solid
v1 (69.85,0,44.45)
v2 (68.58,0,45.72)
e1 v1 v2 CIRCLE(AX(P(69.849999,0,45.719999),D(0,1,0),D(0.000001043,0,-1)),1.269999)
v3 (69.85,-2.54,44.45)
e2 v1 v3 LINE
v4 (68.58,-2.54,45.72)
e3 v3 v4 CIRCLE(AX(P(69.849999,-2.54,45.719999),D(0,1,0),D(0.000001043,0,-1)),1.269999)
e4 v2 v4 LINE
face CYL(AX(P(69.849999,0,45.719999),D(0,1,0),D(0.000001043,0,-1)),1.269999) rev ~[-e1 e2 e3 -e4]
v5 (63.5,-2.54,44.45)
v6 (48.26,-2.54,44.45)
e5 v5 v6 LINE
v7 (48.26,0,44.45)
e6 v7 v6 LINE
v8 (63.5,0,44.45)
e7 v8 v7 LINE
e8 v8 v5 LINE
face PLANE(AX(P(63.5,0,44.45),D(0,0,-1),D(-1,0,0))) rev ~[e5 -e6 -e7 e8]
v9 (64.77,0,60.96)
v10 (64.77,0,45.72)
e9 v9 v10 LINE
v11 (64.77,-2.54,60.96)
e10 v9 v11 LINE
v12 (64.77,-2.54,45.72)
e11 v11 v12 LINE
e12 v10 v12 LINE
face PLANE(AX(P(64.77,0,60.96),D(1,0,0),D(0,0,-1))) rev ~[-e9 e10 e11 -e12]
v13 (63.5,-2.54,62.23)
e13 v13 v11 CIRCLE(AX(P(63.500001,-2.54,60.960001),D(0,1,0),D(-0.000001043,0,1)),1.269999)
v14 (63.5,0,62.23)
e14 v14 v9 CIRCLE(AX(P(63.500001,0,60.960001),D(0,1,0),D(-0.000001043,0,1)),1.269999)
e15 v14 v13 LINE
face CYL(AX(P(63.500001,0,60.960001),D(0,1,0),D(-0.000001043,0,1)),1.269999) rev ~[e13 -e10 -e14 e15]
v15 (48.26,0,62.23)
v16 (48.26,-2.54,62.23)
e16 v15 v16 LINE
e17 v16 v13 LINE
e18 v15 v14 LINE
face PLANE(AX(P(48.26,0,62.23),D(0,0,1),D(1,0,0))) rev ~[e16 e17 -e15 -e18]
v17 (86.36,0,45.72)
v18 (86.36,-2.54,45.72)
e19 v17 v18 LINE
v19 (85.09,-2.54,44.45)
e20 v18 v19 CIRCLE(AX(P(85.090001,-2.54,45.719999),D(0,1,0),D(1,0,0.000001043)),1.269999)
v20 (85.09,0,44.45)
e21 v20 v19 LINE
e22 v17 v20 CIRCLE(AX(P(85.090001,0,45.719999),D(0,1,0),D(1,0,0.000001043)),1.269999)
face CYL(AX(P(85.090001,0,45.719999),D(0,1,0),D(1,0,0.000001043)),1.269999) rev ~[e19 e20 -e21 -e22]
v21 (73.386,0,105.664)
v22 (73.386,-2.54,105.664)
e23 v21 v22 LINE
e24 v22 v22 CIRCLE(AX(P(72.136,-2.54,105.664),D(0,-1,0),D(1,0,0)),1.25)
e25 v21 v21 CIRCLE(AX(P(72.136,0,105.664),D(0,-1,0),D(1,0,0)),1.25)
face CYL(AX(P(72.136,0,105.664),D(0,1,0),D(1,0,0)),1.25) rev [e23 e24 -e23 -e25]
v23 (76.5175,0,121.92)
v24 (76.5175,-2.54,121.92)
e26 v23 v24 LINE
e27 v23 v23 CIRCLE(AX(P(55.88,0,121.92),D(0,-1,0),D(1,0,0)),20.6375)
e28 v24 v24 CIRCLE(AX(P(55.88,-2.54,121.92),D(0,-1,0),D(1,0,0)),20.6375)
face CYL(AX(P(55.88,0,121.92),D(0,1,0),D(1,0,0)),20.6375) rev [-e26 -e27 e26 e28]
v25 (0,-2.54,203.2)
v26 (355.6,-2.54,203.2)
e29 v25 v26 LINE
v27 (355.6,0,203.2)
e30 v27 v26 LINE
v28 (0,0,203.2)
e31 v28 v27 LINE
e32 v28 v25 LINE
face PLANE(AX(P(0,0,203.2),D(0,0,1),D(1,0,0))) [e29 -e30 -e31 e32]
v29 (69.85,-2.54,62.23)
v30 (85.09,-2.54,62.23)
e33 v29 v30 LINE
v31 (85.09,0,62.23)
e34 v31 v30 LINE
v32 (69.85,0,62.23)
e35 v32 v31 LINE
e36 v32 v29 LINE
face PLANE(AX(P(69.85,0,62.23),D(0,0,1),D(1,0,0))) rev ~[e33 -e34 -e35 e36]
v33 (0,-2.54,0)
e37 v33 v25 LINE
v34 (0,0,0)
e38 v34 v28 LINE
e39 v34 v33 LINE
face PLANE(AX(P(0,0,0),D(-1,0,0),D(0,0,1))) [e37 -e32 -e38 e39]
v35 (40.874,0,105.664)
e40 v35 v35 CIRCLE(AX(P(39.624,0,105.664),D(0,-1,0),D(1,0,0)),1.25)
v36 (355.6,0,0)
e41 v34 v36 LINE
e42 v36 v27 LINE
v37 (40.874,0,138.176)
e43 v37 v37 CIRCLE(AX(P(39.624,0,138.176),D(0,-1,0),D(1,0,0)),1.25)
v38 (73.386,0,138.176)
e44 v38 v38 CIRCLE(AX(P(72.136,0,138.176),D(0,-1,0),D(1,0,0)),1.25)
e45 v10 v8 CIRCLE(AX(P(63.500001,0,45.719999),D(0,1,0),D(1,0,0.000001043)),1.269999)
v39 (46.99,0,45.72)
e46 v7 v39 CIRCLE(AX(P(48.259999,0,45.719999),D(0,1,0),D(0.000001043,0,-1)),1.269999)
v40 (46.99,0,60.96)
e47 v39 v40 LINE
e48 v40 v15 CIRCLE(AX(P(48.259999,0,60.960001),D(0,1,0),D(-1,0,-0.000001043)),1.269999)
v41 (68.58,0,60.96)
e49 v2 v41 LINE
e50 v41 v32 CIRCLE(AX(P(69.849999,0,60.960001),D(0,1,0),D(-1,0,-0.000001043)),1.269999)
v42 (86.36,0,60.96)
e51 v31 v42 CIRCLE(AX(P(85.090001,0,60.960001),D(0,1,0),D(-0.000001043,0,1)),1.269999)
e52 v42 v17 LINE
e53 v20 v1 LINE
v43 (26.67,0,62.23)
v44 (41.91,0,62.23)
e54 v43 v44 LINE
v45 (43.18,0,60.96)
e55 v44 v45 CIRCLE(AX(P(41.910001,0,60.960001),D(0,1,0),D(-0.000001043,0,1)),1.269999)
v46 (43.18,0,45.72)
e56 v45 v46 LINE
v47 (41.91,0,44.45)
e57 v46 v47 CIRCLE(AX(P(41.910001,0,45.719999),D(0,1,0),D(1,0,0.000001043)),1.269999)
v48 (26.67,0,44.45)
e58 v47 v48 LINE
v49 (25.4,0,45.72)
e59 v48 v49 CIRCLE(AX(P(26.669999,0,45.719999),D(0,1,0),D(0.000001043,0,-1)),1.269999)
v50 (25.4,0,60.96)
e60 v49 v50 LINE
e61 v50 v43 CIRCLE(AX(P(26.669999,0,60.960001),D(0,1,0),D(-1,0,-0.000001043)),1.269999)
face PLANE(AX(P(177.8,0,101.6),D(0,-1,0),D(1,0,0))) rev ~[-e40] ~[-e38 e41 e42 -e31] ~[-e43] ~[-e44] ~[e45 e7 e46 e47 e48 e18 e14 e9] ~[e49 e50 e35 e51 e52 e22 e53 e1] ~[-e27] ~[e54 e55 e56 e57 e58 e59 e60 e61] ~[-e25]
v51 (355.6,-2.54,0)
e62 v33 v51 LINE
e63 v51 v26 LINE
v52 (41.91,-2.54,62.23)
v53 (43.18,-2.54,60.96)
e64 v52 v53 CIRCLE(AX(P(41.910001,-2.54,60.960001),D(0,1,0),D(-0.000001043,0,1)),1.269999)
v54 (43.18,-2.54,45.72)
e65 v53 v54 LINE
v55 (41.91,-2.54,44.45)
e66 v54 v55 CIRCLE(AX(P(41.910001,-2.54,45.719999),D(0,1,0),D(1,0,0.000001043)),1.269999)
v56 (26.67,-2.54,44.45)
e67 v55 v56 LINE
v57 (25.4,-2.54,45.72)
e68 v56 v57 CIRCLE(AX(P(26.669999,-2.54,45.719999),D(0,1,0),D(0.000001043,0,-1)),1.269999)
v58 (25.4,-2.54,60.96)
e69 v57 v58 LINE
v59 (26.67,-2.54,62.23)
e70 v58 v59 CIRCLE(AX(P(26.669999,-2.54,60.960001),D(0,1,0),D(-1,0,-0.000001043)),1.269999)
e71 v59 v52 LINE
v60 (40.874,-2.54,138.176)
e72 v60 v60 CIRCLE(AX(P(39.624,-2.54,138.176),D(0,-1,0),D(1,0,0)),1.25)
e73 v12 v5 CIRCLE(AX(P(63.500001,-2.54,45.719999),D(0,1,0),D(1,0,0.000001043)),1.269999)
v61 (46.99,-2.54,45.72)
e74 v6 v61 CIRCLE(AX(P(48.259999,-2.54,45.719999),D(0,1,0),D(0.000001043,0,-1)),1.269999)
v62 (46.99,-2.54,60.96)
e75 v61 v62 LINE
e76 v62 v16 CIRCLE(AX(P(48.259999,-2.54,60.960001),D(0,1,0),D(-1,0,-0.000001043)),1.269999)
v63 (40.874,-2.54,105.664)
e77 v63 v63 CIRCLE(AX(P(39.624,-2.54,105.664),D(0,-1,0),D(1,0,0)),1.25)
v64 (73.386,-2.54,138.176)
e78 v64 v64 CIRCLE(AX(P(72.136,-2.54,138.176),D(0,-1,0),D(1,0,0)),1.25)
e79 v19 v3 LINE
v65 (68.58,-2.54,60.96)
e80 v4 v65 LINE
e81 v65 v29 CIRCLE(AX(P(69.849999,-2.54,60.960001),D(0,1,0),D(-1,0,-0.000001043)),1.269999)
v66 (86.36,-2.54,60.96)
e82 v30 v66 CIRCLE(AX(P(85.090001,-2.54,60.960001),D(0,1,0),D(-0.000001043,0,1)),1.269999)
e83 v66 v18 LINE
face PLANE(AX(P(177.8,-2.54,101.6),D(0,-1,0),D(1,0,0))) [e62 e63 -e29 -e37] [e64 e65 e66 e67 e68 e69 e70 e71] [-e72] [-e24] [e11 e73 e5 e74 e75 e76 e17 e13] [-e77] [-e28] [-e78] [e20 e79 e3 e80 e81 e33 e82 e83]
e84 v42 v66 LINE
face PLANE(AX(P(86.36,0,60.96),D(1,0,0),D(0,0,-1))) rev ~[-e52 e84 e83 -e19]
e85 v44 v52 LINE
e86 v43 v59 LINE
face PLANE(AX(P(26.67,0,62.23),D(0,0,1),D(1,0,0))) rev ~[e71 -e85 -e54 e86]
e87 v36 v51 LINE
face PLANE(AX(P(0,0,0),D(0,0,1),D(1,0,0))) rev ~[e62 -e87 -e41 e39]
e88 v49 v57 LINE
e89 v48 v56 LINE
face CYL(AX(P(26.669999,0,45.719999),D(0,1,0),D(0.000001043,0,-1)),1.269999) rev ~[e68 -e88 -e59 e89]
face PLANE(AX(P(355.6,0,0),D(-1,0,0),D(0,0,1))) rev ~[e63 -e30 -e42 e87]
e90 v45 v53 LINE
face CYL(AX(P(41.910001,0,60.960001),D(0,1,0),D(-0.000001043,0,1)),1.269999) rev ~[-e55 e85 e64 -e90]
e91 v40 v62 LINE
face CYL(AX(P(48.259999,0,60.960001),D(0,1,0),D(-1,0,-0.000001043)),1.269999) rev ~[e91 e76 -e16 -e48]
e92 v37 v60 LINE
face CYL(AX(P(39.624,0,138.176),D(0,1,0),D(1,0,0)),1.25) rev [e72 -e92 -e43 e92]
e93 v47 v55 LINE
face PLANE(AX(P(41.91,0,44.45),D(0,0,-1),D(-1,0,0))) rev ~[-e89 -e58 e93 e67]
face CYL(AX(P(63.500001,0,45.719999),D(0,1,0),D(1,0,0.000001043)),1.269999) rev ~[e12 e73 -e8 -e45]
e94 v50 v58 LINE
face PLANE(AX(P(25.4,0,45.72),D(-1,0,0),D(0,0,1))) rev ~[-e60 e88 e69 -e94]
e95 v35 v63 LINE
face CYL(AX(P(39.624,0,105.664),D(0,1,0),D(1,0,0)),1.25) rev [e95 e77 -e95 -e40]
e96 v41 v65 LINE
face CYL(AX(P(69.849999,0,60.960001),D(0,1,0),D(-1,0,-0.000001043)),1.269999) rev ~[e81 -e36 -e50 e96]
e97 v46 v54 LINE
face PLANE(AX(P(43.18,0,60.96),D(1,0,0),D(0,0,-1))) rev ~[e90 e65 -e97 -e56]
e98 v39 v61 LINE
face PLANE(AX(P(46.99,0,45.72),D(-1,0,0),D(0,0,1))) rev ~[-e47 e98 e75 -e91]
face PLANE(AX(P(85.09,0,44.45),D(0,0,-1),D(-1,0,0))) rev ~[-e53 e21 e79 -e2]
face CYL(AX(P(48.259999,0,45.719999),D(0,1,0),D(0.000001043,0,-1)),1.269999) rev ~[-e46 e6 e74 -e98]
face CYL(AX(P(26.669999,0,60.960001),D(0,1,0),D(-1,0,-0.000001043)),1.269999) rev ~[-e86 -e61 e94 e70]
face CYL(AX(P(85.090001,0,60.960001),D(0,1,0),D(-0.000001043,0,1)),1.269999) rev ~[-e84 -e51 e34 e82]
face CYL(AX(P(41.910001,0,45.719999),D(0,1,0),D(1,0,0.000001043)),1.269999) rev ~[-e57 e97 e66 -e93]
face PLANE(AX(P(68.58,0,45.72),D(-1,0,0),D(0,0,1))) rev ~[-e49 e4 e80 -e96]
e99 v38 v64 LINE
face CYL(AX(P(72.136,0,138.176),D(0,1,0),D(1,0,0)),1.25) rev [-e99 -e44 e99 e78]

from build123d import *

# Parameters (mm, degrees)
F0_W     = 355.6
F0_H     = 203.2
F0_R     = 1.25
F0_R_2   = 20.6375
F1_DEPTH = 2.54


with BuildPart() as f1:
    # F0 (on Front) → F1 (new body)
    with BuildSketch(Plane.XZ):
        with Locations((177.8, 101.6)):
            Rectangle(F0_W, F0_H)
        with BuildLine():
            Line((26.67, 62.23), (41.91, 62.23))
            ThreePointArc((41.91, 62.23), (42.808026, 61.858026), (43.18, 60.96))
            Line((43.18, 60.96), (43.18, 45.72))
            ThreePointArc((43.18, 45.72), (42.808026, 44.821974), (41.91, 44.45))
            Line((41.91, 44.45), (26.67, 44.45))
            ThreePointArc((26.67, 44.45), (25.771974, 44.821974), (25.4, 45.72))
            Line((25.4, 45.72), (25.4, 60.96))
            ThreePointArc((25.4, 60.96), (25.771974, 61.858026), (26.67, 62.23))
        make_face(mode=Mode.SUBTRACT)
        with BuildLine():
            Line((48.26, 62.23), (63.5, 62.23))
            ThreePointArc((63.5, 62.23), (64.398026, 61.858026), (64.77, 60.96))
            Line((64.77, 60.96), (64.77, 45.72))
            ThreePointArc((64.77, 45.72), (64.398026, 44.821974), (63.5, 44.45))
            Line((63.5, 44.45), (48.26, 44.45))
            ThreePointArc((48.26, 44.45), (47.361974, 44.821974), (46.99, 45.72))
            Line((46.99, 45.72), (46.99, 60.96))
            ThreePointArc((46.99, 60.96), (47.361974, 61.858026), (48.26, 62.23))
        make_face(mode=Mode.SUBTRACT)
        with BuildLine():
            Line((69.85, 62.23), (85.09, 62.23))
            ThreePointArc((85.09, 62.23), (85.988026, 61.858026), (86.36, 60.96))
            Line((86.36, 60.96), (86.36, 45.72))
            ThreePointArc((86.36, 45.72), (85.988026, 44.821974), (85.09, 44.45))
            Line((85.09, 44.45), (69.85, 44.45))
            ThreePointArc((69.85, 44.45), (68.951974, 44.821974), (68.58, 45.72))
            Line((68.58, 45.72), (68.58, 60.96))
            ThreePointArc((68.58, 60.96), (68.951974, 61.858026), (69.85, 62.23))
        make_face(mode=Mode.SUBTRACT)
        with Locations((39.624, 105.664)):
            Circle(F0_R, mode=Mode.SUBTRACT)
        with Locations((72.136, 105.664)):
            Circle(F0_R, mode=Mode.SUBTRACT)
        with Locations((55.88, 121.92)):
            Circle(F0_R_2, mode=Mode.SUBTRACT)
        with Locations((39.624, 138.176)):
            Circle(F0_R, mode=Mode.SUBTRACT)
        with Locations((72.136, 138.176)):
            Circle(F0_R, mode=Mode.SUBTRACT)
    extrude(amount=F1_DEPTH)


solid = f1.part
